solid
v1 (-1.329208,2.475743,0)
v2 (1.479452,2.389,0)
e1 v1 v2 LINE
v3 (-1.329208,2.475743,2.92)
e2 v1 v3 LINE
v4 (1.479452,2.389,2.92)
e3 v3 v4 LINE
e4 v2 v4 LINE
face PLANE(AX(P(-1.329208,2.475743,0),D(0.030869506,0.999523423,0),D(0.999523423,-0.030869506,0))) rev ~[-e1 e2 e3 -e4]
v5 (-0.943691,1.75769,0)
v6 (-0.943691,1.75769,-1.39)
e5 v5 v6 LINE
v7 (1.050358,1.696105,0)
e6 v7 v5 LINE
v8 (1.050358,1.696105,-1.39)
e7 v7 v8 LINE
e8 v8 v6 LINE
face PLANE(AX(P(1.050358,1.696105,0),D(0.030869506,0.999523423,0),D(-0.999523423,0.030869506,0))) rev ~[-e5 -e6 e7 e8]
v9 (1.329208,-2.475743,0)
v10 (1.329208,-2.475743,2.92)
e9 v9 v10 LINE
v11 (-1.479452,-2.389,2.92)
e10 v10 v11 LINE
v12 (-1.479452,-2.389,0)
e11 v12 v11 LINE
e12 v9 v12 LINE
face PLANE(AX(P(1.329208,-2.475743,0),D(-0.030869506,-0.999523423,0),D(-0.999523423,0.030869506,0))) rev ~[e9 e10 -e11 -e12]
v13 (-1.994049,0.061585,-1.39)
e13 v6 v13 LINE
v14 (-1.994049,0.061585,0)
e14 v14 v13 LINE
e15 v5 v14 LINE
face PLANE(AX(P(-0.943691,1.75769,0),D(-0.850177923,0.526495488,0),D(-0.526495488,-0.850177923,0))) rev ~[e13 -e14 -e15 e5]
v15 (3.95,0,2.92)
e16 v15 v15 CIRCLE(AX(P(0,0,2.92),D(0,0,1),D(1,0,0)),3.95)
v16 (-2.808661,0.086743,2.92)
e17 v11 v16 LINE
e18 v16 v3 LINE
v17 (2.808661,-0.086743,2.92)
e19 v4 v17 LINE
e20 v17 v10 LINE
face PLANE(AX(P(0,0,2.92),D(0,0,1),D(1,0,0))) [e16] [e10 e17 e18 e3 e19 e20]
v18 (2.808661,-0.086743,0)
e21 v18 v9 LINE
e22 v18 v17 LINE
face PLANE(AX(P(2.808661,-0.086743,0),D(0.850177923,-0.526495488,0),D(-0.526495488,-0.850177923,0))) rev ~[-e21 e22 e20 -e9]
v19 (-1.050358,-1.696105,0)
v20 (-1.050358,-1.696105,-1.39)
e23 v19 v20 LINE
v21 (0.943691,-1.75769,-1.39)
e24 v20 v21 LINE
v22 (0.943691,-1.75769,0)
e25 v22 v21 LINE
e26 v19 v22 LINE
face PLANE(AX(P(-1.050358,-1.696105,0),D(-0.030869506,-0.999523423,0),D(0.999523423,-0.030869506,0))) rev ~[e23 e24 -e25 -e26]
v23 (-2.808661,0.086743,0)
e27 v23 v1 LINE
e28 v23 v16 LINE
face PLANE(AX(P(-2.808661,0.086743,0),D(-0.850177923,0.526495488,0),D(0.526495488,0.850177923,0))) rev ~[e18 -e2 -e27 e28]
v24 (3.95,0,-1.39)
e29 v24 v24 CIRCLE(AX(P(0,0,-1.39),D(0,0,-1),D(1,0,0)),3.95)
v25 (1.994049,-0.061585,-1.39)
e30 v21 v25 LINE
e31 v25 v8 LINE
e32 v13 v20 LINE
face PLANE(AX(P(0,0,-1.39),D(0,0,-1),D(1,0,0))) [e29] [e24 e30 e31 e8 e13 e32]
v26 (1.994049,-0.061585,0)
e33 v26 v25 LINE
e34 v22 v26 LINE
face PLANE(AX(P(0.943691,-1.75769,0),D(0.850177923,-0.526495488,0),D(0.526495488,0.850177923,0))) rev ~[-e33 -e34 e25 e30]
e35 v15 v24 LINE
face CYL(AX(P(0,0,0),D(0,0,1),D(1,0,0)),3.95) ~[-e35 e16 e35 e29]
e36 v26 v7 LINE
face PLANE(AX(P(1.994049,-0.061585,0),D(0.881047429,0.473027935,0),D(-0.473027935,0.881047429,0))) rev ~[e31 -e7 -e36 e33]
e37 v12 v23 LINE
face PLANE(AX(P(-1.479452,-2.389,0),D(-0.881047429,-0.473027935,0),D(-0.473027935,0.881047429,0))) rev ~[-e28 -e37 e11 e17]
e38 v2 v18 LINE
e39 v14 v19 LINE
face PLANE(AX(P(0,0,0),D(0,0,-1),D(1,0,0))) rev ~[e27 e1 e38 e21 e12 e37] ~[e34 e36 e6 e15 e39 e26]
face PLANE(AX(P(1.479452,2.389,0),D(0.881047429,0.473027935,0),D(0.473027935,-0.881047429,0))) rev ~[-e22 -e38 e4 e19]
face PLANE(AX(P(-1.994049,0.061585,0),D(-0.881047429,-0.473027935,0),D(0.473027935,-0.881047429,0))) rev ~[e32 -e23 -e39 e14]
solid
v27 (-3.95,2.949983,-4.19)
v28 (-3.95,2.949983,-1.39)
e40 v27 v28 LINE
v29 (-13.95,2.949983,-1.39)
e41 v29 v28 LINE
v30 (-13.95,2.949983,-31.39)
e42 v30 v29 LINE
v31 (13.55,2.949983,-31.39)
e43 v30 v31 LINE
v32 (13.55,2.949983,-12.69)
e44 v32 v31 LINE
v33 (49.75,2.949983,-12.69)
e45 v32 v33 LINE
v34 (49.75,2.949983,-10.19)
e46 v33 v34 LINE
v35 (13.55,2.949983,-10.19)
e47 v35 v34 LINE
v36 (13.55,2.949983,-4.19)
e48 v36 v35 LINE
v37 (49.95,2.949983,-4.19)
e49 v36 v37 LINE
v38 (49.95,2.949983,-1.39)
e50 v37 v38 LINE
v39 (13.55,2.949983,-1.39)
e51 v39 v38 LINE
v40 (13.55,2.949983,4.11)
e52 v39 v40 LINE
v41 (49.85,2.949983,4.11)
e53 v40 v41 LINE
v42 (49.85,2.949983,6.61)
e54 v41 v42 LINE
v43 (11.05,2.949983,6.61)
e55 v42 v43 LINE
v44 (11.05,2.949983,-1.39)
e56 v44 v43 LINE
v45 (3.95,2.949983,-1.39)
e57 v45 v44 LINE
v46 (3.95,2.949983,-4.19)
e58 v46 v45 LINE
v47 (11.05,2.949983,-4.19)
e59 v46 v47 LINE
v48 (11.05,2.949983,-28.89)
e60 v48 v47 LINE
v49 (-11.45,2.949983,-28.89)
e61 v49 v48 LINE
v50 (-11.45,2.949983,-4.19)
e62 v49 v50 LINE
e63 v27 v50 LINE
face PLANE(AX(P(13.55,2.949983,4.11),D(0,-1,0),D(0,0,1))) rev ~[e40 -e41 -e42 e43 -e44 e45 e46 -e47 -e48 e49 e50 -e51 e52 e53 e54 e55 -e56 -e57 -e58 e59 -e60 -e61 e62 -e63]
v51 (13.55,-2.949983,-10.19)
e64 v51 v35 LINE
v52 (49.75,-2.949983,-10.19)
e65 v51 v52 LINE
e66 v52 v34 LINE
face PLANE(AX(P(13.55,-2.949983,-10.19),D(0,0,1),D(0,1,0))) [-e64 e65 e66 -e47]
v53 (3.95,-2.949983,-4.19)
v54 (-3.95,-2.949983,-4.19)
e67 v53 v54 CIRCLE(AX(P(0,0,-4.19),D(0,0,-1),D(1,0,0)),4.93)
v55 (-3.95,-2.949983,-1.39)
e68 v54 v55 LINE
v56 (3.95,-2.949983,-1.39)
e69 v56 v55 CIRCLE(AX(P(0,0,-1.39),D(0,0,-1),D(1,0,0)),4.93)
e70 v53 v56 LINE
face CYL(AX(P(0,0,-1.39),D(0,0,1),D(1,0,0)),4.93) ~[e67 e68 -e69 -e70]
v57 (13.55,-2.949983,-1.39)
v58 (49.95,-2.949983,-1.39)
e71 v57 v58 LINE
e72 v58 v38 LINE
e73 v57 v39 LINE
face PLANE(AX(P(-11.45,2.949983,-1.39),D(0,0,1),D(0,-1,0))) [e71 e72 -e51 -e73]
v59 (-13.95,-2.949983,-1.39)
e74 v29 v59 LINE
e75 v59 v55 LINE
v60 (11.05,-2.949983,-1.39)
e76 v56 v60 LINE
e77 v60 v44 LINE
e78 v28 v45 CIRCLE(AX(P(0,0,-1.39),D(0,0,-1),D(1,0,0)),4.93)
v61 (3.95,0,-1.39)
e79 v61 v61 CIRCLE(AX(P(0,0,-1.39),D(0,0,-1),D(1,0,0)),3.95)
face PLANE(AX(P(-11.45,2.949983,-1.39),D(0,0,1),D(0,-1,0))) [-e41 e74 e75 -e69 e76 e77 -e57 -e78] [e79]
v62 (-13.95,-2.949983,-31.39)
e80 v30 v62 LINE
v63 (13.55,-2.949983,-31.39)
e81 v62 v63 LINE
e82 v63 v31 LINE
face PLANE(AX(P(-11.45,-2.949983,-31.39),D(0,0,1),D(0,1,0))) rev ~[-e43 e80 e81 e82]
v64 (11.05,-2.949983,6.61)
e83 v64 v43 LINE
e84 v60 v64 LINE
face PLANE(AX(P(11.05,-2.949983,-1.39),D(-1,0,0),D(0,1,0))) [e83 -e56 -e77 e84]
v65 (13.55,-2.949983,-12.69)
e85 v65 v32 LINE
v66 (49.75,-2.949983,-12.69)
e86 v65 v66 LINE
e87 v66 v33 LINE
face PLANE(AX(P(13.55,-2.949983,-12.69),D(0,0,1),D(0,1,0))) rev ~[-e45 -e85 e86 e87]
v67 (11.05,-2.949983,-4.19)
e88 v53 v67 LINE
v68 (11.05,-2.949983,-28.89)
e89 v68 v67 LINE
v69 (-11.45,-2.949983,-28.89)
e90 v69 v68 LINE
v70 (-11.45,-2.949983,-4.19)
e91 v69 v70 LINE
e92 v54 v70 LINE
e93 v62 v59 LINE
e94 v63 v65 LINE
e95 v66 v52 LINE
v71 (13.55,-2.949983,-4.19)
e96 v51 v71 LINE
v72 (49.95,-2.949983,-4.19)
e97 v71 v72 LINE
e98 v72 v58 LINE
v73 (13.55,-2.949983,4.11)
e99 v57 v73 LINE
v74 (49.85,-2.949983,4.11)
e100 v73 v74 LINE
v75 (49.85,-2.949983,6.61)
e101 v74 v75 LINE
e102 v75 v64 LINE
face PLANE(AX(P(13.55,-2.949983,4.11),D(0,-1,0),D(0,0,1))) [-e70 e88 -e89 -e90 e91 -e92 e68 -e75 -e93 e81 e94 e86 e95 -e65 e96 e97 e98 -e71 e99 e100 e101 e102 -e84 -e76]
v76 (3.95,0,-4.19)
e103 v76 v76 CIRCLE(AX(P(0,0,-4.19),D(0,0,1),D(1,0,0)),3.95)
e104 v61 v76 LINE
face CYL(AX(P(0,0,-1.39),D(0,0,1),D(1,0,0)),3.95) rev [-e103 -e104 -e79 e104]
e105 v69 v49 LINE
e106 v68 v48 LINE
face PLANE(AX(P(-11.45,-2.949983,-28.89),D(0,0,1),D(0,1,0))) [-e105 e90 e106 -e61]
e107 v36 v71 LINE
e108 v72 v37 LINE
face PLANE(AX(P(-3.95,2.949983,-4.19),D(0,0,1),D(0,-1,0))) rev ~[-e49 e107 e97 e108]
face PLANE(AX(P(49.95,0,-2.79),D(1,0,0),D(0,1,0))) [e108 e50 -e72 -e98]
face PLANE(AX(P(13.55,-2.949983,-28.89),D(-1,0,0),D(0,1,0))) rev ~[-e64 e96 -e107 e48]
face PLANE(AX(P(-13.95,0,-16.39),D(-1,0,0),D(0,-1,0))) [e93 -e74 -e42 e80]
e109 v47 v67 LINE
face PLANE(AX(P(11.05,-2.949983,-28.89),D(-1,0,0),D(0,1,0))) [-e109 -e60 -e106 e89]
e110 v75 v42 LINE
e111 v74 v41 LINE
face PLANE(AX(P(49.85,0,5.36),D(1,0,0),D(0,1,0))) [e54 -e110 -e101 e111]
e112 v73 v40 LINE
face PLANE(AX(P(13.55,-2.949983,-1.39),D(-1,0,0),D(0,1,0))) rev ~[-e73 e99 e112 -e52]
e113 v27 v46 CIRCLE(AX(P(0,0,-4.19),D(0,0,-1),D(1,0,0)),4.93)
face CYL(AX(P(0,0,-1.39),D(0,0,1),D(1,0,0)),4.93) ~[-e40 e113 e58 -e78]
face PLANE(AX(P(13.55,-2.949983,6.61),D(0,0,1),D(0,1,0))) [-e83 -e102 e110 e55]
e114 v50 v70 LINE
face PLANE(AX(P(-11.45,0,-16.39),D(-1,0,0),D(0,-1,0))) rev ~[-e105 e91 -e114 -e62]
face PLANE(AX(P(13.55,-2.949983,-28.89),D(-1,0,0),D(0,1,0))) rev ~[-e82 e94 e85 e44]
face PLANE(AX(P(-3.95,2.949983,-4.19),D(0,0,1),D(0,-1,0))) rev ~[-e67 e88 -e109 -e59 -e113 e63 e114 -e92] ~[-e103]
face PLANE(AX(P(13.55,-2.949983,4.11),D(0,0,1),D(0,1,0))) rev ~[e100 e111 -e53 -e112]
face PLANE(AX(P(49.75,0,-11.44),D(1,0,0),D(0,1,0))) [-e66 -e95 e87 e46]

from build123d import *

# Parameters (mm, degrees)
F0_R      = 3.95
F1_DEPTH  = 2.92
F2_R      = 3.95
F3_DEPTH  = 3.91
F4_DEPTH  = 2.52
F5_R      = 4.93
F5_R_2    = 3.95
F6_DEPTH  = 2.8
F7_DEPTH  = 25
F12_W     = 5.8999661016
F12_H     = 2.8
F13_DEPTH = 46
F14_W     = 5.8999661016
F14_H     = 2.8
F15_DEPTH = 7.5
F16_W     = 5.8999661016
F16_H     = 30
F17_DEPTH = 2.5
F18_W     = 5.8999661016
F18_H     = 2.5
F19_DEPTH = 25
F20_W     = 2.5
F20_H     = 5.8999661016
F21_DEPTH = 25.7
F22_W     = 5.8999661016
F22_H     = 2.5
F23_DEPTH = 36.2
F24_W     = 2.5
F24_H     = 5.8999661016
F25_DEPTH = 8
F26_W     = 5.8999661016
F26_H     = 2.5
F27_DEPTH = 36.3


with BuildPart() as f1:
    # F0 (on Top) → F1 (new body)
    with BuildSketch(Plane.XY):
        Circle(F0_R)
        Polygon((-1.3292084984, 2.4757432758), (1.4794523209, 2.3889999645), (2.8086608193, -0.0867433114), (1.3292084984, -2.4757432758), (-1.4794523209, -2.3889999645), (-2.8086608193, 0.0867433114), align=None, mode=Mode.SUBTRACT)
    extrude(amount=F1_DEPTH)

    # F2 (on face) → F3 (join)
    with BuildSketch(Plane(origin=(0, 0, 0), x_dir=(1, 0, 0), z_dir=(0, 0, -1))):
        Circle(F2_R)
        Polygon((-1.4794523209, 2.3889999645), (1.3292084984, 2.4757432758), (2.8086608193, 0.0867433114), (1.4794523209, -2.3889999645), (-1.3292084984, -2.4757432758), (-2.8086608193, -0.0867433114), align=None, mode=Mode.SUBTRACT)
        Polygon((2.8086608193, 0.0867433114), (1.3292084984, 2.4757432758), (-1.4794523209, 2.3889999645), (-2.8086608193, -0.0867433114), (-1.3292084984, -2.4757432758), (1.4794523209, -2.3889999645), align=None)
        Polygon((-1.0503584983, 1.696104957), (0.9436907311, 1.7576896211), (1.9940492294, 0.0615846641), (1.0503584983, -1.696104957), (-0.9436907311, -1.7576896211), (-1.9940492294, -0.0615846641), align=None, mode=Mode.SUBTRACT)
    extrude(amount=F3_DEPTH)

    # F4 (cut): a face of the model
    f4_faces = [f1.faces().sort_by_distance(p)[0] for p in [
        (-3.8382771286, 0, -3.91),
    ]]
    extrude(f4_faces, amount=-F4_DEPTH, mode=Mode.SUBTRACT)

    # F5 (on face) → F6 (join)
    with BuildSketch(Plane(origin=(0, 0, -1.39), x_dir=(1, 0, 0), z_dir=(0, 0, -1))):
        Circle(F5_R)
        Circle(F5_R_2, mode=Mode.SUBTRACT)
    extrude(amount=F6_DEPTH)

    # F5 (on face) → F7 (cut)
    with BuildSketch(Plane(origin=(0, 0, -1.39), x_dir=(1, 0, 0), z_dir=(0, 0, -1))):
        Circle(F5_R_2)
        Polygon((1.0503584983, -1.696104957), (-0.9436907311, -1.7576896211), (-1.9940492294, -0.0615846641), (-1.0503584983, 1.696104957), (0.9436907311, 1.7576896211), (1.9940492294, 0.0615846641), align=None, mode=Mode.SUBTRACT)
    extrude(amount=F7_DEPTH, mode=Mode.SUBTRACT)

    # F12 (on 3pt) → F13 (join)
    with BuildSketch(Plane.YZ.offset(3.95)):
        with Locations((0, -2.79)):
            Rectangle(F12_W, F12_H)
    extrude(amount=F13_DEPTH)

    # F14 (on 3pt) → F15 (join)
    with BuildSketch(Plane(origin=(-3.95, 0, 0), x_dir=(0, -1, 0), z_dir=(-1, 0, 0))):
        with Locations((0, -2.79)):
            Rectangle(F14_W, F14_H)
    extrude(amount=F15_DEPTH)

    # F16 (on face) → F17 (join)
    with BuildSketch(Plane(origin=(-11.45, 0, 0), x_dir=(0, -1, 0), z_dir=(-1, 0, 0))):
        with Locations((0, -16.39)):
            Rectangle(F16_W, F16_H)
    extrude(amount=F17_DEPTH)

    # F18 (on face) → F19 (join)
    with BuildSketch(Plane.YZ.offset(-11.45)):
        with Locations((0, -30.14)):
            Rectangle(F18_W, F18_H)
    extrude(amount=F19_DEPTH)

    # F20 (on face) → F21 (join)
    with BuildSketch(Plane.XY.offset(-28.89)):
        with Locations((12.3, 0)):
            Rectangle(F20_W, F20_H)
    extrude(amount=F21_DEPTH)

    # F22 (on face) → F23 (join)
    with BuildSketch(Plane.YZ.offset(13.55)):
        with Locations((0, -11.44)):
            Rectangle(F22_W, F22_H)
    extrude(amount=F23_DEPTH)

    # F24 (on face) → F25 (join)
    with BuildSketch(Plane.XY.offset(-1.39)):
        with Locations((12.3, 0)):
            Rectangle(F24_W, F24_H)
    extrude(amount=F25_DEPTH)

    # F26 (on face) → F27 (join)
    with BuildSketch(Plane.YZ.offset(13.55)):
        with Locations((0, 5.36)):
            Rectangle(F26_W, F26_H)
    extrude(amount=F27_DEPTH)


solid = f1.part
